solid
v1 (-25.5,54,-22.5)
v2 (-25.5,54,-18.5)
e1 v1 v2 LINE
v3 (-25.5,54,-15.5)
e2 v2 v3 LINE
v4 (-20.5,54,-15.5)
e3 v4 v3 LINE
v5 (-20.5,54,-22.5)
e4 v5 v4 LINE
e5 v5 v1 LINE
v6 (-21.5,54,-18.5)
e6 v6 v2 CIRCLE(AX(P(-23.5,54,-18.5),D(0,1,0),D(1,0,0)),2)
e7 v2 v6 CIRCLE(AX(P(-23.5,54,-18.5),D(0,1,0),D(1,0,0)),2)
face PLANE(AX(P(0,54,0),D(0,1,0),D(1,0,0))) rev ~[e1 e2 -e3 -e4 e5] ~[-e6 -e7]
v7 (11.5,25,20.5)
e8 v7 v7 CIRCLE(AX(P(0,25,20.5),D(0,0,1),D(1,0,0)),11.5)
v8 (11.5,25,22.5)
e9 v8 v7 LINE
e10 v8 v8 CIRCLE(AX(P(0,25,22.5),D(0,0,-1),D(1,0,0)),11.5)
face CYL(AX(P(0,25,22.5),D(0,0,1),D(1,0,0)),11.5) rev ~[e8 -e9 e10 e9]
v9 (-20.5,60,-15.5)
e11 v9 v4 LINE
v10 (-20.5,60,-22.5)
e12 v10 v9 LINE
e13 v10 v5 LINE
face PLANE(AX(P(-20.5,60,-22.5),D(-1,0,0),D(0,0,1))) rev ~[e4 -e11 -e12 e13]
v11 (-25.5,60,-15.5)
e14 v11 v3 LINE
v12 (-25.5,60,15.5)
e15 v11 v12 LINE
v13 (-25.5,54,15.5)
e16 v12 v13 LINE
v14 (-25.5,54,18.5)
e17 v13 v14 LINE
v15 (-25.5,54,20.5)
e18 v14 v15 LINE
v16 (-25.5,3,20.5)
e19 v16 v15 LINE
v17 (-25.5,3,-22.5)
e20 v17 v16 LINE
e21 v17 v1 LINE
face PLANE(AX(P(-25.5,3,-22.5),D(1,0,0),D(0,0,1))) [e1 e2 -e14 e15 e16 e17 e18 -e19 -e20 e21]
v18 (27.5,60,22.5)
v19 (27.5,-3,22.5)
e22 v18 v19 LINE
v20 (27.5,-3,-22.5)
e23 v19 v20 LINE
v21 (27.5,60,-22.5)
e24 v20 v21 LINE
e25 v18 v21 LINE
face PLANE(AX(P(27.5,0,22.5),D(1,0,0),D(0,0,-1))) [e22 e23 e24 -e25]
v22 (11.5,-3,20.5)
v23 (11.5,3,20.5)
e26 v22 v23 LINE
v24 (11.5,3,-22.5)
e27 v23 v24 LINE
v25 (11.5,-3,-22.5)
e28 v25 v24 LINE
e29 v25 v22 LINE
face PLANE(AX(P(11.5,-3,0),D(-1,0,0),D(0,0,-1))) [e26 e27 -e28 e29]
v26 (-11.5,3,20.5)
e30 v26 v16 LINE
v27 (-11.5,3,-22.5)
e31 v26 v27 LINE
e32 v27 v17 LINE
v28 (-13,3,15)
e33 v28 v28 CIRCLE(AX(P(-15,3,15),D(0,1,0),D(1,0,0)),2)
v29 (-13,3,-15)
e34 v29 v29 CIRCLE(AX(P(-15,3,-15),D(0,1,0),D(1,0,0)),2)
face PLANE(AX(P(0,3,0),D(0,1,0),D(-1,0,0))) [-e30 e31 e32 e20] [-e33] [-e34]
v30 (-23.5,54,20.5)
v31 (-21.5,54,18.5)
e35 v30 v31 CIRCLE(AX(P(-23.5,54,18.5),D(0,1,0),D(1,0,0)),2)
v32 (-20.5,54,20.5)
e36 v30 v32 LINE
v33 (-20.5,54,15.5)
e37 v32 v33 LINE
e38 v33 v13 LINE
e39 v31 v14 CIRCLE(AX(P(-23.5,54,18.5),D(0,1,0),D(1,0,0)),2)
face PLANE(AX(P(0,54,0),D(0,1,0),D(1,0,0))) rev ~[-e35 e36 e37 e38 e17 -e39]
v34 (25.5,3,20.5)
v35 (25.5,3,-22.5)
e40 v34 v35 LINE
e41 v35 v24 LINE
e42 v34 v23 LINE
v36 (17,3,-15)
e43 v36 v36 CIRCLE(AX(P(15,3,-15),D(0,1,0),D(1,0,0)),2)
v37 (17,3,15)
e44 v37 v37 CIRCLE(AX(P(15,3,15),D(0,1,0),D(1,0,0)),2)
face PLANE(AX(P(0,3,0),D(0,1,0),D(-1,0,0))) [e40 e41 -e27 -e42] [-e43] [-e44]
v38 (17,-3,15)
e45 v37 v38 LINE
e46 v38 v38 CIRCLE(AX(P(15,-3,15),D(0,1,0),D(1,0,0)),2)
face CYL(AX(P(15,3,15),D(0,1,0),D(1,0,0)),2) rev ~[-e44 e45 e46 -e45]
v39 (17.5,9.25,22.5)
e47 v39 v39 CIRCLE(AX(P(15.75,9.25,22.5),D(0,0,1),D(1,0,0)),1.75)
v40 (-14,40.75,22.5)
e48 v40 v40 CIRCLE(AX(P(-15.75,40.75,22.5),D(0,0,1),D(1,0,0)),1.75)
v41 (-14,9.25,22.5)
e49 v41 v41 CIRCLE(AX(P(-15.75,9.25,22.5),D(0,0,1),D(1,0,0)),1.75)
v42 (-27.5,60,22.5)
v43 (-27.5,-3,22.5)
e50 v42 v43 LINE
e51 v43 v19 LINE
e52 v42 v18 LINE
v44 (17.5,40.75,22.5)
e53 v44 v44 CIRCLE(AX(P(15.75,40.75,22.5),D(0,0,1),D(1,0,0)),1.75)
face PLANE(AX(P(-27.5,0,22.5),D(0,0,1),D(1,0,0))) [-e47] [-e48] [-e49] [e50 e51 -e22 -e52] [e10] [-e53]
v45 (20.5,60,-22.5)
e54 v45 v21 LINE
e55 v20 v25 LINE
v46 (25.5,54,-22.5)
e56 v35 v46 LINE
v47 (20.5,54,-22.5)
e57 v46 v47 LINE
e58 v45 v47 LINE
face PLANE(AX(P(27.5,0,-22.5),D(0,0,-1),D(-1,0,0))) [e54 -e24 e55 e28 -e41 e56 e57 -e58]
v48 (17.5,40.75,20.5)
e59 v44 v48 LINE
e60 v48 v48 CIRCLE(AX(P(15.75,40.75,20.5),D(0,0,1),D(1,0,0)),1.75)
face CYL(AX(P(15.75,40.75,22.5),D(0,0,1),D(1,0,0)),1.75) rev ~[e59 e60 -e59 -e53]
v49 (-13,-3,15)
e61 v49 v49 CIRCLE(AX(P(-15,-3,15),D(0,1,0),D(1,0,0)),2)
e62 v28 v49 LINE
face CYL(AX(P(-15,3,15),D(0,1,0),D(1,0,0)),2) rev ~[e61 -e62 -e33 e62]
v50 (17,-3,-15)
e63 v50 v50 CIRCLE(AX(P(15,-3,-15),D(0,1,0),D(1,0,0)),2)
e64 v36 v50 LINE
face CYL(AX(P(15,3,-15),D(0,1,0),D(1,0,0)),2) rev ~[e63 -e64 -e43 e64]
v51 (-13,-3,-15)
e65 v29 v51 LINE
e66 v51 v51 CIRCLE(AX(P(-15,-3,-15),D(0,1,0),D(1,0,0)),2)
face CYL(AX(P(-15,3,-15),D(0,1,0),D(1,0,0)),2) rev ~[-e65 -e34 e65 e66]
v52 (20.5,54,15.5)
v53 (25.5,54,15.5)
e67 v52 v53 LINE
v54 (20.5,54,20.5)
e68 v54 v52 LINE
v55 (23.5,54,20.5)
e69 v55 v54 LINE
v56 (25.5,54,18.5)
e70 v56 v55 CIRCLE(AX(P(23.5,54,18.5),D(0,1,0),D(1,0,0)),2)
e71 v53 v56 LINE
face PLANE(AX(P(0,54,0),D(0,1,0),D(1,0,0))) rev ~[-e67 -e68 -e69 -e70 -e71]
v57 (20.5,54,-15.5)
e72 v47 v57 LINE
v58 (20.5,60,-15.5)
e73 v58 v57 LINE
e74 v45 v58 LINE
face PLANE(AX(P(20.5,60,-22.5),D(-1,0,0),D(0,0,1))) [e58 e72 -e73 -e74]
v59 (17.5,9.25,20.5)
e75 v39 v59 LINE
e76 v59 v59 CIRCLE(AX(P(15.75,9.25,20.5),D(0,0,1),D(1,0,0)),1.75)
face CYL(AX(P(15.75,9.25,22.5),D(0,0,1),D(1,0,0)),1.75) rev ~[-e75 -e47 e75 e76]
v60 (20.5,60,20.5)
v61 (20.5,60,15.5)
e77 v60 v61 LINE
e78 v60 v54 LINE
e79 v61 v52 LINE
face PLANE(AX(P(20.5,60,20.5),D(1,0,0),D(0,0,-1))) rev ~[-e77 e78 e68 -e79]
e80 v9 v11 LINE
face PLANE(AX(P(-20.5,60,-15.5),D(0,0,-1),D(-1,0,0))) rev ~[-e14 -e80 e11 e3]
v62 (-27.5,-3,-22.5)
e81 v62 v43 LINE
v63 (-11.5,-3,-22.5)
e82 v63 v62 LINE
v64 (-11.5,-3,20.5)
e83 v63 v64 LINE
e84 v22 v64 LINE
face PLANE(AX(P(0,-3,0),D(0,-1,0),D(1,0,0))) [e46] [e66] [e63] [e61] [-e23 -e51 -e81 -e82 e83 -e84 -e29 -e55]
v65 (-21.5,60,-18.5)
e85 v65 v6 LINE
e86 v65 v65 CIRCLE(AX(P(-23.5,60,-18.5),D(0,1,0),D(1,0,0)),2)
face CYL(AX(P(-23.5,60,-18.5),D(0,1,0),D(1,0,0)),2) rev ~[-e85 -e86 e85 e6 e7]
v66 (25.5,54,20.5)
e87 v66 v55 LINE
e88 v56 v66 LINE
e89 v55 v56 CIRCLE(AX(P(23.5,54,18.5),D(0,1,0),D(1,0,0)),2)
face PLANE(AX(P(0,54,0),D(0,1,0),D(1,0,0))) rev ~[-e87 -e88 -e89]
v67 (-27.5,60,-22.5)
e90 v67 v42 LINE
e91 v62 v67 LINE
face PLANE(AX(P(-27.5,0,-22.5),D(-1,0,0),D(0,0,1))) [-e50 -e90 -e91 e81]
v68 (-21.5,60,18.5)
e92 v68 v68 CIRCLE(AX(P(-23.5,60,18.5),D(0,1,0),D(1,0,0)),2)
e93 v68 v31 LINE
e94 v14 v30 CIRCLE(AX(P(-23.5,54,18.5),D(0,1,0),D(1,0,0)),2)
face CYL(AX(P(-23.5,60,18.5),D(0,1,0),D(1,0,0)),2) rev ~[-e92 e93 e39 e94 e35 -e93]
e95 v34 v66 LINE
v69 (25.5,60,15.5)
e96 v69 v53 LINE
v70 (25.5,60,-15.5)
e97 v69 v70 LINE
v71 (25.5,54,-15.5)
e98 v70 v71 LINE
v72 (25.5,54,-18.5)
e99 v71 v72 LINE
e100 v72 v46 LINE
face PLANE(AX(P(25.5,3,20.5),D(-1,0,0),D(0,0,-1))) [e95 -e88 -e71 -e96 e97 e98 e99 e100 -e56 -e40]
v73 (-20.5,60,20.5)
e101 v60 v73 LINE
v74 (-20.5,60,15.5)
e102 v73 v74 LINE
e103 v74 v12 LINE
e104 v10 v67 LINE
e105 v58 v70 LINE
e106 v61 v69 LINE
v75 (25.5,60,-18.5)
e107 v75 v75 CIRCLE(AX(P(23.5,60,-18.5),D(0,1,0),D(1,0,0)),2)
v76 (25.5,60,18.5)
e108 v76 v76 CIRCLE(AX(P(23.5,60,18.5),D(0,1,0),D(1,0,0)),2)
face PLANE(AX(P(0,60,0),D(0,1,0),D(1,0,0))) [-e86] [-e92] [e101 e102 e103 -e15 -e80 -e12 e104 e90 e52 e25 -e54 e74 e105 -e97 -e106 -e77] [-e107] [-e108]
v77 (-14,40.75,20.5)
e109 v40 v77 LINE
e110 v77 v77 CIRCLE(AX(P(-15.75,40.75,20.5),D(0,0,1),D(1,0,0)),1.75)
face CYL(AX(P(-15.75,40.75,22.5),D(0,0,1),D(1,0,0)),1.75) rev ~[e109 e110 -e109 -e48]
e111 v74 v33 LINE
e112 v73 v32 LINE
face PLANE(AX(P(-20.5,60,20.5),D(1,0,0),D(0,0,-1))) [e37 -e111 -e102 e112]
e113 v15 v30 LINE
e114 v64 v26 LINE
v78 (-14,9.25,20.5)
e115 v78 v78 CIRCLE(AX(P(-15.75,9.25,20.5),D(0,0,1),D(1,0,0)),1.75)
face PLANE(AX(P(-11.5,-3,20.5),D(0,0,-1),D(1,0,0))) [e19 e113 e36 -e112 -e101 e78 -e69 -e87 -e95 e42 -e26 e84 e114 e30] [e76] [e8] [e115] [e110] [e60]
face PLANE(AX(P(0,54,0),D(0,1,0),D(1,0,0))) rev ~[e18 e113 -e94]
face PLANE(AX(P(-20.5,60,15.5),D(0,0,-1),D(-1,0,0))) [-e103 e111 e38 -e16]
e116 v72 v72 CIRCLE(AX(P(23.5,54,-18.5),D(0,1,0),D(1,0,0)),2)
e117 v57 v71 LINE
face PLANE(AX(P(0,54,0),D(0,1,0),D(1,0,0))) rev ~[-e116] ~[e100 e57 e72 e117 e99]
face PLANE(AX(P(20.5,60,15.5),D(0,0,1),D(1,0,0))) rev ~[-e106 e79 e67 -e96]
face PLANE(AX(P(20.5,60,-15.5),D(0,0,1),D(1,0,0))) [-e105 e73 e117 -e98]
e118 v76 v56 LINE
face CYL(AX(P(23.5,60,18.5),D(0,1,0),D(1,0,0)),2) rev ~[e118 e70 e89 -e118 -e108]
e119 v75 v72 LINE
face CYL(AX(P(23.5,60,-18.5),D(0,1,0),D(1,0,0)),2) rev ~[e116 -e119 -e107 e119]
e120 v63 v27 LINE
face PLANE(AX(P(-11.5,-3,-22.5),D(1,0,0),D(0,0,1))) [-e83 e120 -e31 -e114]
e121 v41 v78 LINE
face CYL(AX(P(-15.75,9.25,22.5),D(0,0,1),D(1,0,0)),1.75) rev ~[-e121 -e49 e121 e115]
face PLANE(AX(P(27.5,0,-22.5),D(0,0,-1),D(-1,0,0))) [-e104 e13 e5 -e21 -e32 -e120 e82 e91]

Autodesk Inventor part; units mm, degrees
ref_plane "YZ Plane" through (0, 0, 0) normal (1, 0, 0) x (0, 1, 0)
ref_plane "XZ Plane" through (0, 0, 0) normal (0, 1, 0) x (-1, 0, 0)
ref_plane "XY Plane" through (0, 0, 0) normal (0, 0, 1) x (1, 0, 0)
sketch "Skizze1" plane through (0, 0, 0) normal (0, 1, 0) x (-1, 0, 0)
  line L0 (-27.5, 22.5) -> (27.5, 22.5)
  line L1 (27.5, 22.5) -> (27.5, -22.5)
  line L2 (27.5, -22.5) -> (-27.5, -22.5)
  line L3 (-27.5, -22.5) -> (-27.5, 22.5)
  line L4 (0, -31.5) -> (0, 31.5) projected
  line L5 (38.5, 0) -> (-38.5, 0) projected
  point P0 (0, 0)
  dimension "d0" = 55
  dimension "d1" = 45
extrude "Extrusion1" add sketch "Skizze1" along normal blind 3
sketch "Skizze2" plane through (0, 3, 0) normal (0, 1, 0) x (1, 0, 0)
  line L0 (-27.5, 22.5) -> (-27.5, -22.5) projected
  line L1 (27.5, -22.5) -> (27.5, 22.5) projected
  line L2 (-27.5, -22.5) -> (27.5, -22.5)
  line L3 (27.5, -22.5) -> (27.5, -20.5)
  line L4 (27.5, -20.5) -> (-27.5, -20.5)
  line L5 (-27.5, -20.5) -> (-27.5, -22.5)
  point P0 (0, 0)
  dimension "d4" = 2
extrude "Extrusion2" add sketch "Skizze2" along normal blind 57
sketch "Skizze3" plane through (-27.5, 0, 22.5) normal (0, 0, 1) x (1, 0, 0)
  circle A0 centre (27.5, 25) radius 11.5
  line L0 (0, 0) -> (55, 0) projected
  line L1 (55, 0) -> (55, 60) projected
  circle A1 centre (43.25, 9.25) radius 1.75
  circle A2 centre (11.75, 9.25) radius 1.75
  circle A3 centre (11.75, 40.75) radius 1.75
  circle A4 centre (43.25, 40.75) radius 1.75
  line L2 (0, 60) -> (55, 60) projected
  line L3 (27.5, 60) -> (27.5, 0)
  line L4 (4.6208, 25) -> (55, 25)
  dimension "d7" = 23
  dimension "d10" = 3.5
  dimension "d11" = 3.5
  dimension "d12" = 3.5
  dimension "d13" = 3.5
  dimension "d17" = 31.5
  dimension "d48" = 0
extrude "Extrusion3" cut sketch "Skizze3" against normal up to surface (2 mm away) contours L4 L3 A0 | A0 L3 L4 | L3 L4 A0 | A0 L4 L3 | A1 | A2 | A3 | A4
sketch "Skizze10" plane through (0, 3, 0) normal (0, 1, 0) x (1, 0, 0)
  line L0 (27.5, -20.5) -> (27.5, 22.5) projected
  line L1 (27.5, 22.5) -> (-27.5, 22.5) projected
  line L2 (27.5, -20.5) -> (25.5, -20.5)
  line L3 (25.5, -20.5) -> (25.5, 22.5)
  line L4 (25.5, 22.5) -> (27.5, 22.5)
  line L5 (27.5, 22.5) -> (27.5, -20.5)
  line L6 (27.5, -20.5) -> (-27.5, -20.5) projected
  line L7 (-27.5, 22.5) -> (-25.5, 22.5)
  line L8 (-25.5, 22.5) -> (-25.5, -20.5)
  line L9 (-25.5, -20.5) -> (-27.5, -20.5)
  line L10 (-27.5, -20.5) -> (-27.5, 22.5)
  point P0 (0, 0)
  point P1 (-27.5, -20.5)
  dimension "d43" = 2
  dimension "d44" = 2
extrude "Extrusion6" add sketch "Skizze10" along normal blind 57 contours L2 L3 L1 L0 | L6 L10 L1 L8
sketch "Skizze11" plane through (0, 0, 0) normal (0, -1, 0) x (1, 0, 0)
  line L0 (27.5, 22.5) -> (27.5, -22.5) projected
  line L1 (-27.5, 22.5) -> (27.5, 22.5) projected
  line L2 (27.5, -22.5) -> (-27.5, -22.5)
  line L3 (-27.5, -22.5) -> (-27.5, 22.5)
  line L4 (-27.5, 22.5) -> (27.5, 22.5)
  line L5 (27.5, 22.5) -> (27.5, -22.5)
  point P0 (0, 0)
extrude "Extrusion7" add sketch "Skizze11" along normal blind 3
sketch "Skizze12" plane through (0, 3, 0) normal (0, 1, 0) x (1, 0, 0)
  circle A0 centre (15, -15) radius 2
  circle A1 centre (-15, -15) radius 2
  circle A2 centre (15, 15) radius 2
  circle A3 centre (-15, 15) radius 2
  line L0 (0, 31.5) -> (0, -31.5) projected
  line L1 (-38.5, 0) -> (38.5, 0) projected
  point P0 (0, 0)
  dimension "d52" = 4
  dimension "d53" = 4
  dimension "d54" = 4
  dimension "d55" = 4
  dimension "d56" = 30
  dimension "d57" = 30
extrude "Extrusion8" cut sketch "Skizze12" against normal up to surface (6 mm away)
sketch "Skizze13" plane through (0, 60, 0) normal (0, 1, 0) x (1, 0, 0)
  line L0 (25.5, -20.5) -> (20.5, -20.5)
  line L1 (20.5, -20.5) -> (20.5, -15.5)
  line L2 (20.5, -15.5) -> (25.5, -15.5)
  line L3 (25.5, -15.5) -> (25.5, -20.5)
  line L4 (-25.5, 22.5) -> (-25.5, -20.5) projected
  line L5 (-25.5, -20.5) -> (-20.5, -20.5)
  line L6 (-20.5, -20.5) -> (-20.5, -15.5)
  line L7 (-20.5, -15.5) -> (-25.5, -15.5)
  line L8 (-25.5, -15.5) -> (-25.5, -20.5)
  line L9 (25.5, 22.5) -> (20.5, 22.5)
  line L10 (20.5, 22.5) -> (20.5, 15.5)
  line L11 (20.5, 15.5) -> (25.5, 15.5)
  line L12 (25.5, 15.5) -> (25.5, 22.5)
  line L13 (25.5, 22.5) -> (-25.5, 22.5) projected
  line L14 (-25.5, 22.5) -> (-20.5, 22.5)
  line L15 (-20.5, 22.5) -> (-20.5, 15.5)
  line L16 (-20.5, 15.5) -> (-25.5, 15.5)
  line L17 (-25.5, 15.5) -> (-25.5, 22.5)
  point P0 (0, 0)
  point P1 (-25.5, -15.5)
  dimension "d60" = 5
  dimension "d61" = 5
  dimension "d62" = 5
  dimension "d63" = 5
  dimension "d64" = 5
  dimension "d65" = 7
  dimension "d66" = 5
  dimension "d67" = 7
sketch "Skizze15" plane through (0, -3, 0) normal (0, -1, 0) x (1, 0, 0)
  line L0 (-27.5, -22.5) -> (27.5, -22.5) projected
  line L1 (-25.5, 20.5) -> (25.5, 20.5) projected
  line L2 (11.5, -22.5) -> (-11.5, -22.5)
  line L3 (-11.5, -22.5) -> (-11.5, 20.5)
  line L4 (-11.5, 20.5) -> (11.5, 20.5)
  line L5 (11.5, 20.5) -> (11.5, -22.5)
  line L6 (0, 31.5) -> (0, -31.5) projected
  line L7 (-38.5, 0) -> (38.5, 0) projected
  circle A0 centre (15, -15) radius 2 projected
  point P0 (0, 0)
  point P1 (11.5, 20.5)
  dimension "d94" = 1.5
extrude "Extrusion11" cut sketch "Skizze15" against normal up to surface (6 mm away) contours L3 L7 L6 L0 | L6 L7 L5 L0 | L3 L1 L6 L7 | L6 L1 L5 L7
extrude "Extrusion12" add sketch "Skizze13" against normal blind 6
sketch "Skizze16" plane through (0, 60, 0) normal (0, 1, 0) x (1, 0, 0)
  line L0 (38.5, 0) -> (-38.5, 0) projected
  line L1 (0, 31.5) -> (0, -31.5) projected
  circle A0 centre (23.5, -18.5) radius 2
  circle A1 centre (-23.5, -18.5) radius 2
  circle A2 centre (-23.5, 18.5) radius 2
  circle A3 centre (23.5, 18.5) radius 2
  line L2 (-27.5, -22.5) -> (27.5, -22.5) projected
  line L3 (27.5, -22.5) -> (27.5, 22.5) projected
  line L4 (27.5, 22.5) -> (20.5, 22.5) projected
  line L5 (-20.5, 22.5) -> (-27.5, 22.5) projected
  line L6 (-27.5, 22.5) -> (-27.5, -22.5) projected
  point P0 (0, 0)
  dimension "d100" = 4
  dimension "d101" = 4
  dimension "d102" = 4
  dimension "d103" = 4
  dimension "d104" = 4
  dimension "d105" = 4
  dimension "d106" = 4
  dimension "d107" = 4
  dimension "d108" = 4
  dimension "d109" = 4
  dimension "d110" = 4
  dimension "d111" = 4
extrude "Extrusion13" cut sketch "Skizze16" against normal up to surface (6 mm away) contours A0 | A1 | A2 | A3
properties part number "_3D-Druck"
